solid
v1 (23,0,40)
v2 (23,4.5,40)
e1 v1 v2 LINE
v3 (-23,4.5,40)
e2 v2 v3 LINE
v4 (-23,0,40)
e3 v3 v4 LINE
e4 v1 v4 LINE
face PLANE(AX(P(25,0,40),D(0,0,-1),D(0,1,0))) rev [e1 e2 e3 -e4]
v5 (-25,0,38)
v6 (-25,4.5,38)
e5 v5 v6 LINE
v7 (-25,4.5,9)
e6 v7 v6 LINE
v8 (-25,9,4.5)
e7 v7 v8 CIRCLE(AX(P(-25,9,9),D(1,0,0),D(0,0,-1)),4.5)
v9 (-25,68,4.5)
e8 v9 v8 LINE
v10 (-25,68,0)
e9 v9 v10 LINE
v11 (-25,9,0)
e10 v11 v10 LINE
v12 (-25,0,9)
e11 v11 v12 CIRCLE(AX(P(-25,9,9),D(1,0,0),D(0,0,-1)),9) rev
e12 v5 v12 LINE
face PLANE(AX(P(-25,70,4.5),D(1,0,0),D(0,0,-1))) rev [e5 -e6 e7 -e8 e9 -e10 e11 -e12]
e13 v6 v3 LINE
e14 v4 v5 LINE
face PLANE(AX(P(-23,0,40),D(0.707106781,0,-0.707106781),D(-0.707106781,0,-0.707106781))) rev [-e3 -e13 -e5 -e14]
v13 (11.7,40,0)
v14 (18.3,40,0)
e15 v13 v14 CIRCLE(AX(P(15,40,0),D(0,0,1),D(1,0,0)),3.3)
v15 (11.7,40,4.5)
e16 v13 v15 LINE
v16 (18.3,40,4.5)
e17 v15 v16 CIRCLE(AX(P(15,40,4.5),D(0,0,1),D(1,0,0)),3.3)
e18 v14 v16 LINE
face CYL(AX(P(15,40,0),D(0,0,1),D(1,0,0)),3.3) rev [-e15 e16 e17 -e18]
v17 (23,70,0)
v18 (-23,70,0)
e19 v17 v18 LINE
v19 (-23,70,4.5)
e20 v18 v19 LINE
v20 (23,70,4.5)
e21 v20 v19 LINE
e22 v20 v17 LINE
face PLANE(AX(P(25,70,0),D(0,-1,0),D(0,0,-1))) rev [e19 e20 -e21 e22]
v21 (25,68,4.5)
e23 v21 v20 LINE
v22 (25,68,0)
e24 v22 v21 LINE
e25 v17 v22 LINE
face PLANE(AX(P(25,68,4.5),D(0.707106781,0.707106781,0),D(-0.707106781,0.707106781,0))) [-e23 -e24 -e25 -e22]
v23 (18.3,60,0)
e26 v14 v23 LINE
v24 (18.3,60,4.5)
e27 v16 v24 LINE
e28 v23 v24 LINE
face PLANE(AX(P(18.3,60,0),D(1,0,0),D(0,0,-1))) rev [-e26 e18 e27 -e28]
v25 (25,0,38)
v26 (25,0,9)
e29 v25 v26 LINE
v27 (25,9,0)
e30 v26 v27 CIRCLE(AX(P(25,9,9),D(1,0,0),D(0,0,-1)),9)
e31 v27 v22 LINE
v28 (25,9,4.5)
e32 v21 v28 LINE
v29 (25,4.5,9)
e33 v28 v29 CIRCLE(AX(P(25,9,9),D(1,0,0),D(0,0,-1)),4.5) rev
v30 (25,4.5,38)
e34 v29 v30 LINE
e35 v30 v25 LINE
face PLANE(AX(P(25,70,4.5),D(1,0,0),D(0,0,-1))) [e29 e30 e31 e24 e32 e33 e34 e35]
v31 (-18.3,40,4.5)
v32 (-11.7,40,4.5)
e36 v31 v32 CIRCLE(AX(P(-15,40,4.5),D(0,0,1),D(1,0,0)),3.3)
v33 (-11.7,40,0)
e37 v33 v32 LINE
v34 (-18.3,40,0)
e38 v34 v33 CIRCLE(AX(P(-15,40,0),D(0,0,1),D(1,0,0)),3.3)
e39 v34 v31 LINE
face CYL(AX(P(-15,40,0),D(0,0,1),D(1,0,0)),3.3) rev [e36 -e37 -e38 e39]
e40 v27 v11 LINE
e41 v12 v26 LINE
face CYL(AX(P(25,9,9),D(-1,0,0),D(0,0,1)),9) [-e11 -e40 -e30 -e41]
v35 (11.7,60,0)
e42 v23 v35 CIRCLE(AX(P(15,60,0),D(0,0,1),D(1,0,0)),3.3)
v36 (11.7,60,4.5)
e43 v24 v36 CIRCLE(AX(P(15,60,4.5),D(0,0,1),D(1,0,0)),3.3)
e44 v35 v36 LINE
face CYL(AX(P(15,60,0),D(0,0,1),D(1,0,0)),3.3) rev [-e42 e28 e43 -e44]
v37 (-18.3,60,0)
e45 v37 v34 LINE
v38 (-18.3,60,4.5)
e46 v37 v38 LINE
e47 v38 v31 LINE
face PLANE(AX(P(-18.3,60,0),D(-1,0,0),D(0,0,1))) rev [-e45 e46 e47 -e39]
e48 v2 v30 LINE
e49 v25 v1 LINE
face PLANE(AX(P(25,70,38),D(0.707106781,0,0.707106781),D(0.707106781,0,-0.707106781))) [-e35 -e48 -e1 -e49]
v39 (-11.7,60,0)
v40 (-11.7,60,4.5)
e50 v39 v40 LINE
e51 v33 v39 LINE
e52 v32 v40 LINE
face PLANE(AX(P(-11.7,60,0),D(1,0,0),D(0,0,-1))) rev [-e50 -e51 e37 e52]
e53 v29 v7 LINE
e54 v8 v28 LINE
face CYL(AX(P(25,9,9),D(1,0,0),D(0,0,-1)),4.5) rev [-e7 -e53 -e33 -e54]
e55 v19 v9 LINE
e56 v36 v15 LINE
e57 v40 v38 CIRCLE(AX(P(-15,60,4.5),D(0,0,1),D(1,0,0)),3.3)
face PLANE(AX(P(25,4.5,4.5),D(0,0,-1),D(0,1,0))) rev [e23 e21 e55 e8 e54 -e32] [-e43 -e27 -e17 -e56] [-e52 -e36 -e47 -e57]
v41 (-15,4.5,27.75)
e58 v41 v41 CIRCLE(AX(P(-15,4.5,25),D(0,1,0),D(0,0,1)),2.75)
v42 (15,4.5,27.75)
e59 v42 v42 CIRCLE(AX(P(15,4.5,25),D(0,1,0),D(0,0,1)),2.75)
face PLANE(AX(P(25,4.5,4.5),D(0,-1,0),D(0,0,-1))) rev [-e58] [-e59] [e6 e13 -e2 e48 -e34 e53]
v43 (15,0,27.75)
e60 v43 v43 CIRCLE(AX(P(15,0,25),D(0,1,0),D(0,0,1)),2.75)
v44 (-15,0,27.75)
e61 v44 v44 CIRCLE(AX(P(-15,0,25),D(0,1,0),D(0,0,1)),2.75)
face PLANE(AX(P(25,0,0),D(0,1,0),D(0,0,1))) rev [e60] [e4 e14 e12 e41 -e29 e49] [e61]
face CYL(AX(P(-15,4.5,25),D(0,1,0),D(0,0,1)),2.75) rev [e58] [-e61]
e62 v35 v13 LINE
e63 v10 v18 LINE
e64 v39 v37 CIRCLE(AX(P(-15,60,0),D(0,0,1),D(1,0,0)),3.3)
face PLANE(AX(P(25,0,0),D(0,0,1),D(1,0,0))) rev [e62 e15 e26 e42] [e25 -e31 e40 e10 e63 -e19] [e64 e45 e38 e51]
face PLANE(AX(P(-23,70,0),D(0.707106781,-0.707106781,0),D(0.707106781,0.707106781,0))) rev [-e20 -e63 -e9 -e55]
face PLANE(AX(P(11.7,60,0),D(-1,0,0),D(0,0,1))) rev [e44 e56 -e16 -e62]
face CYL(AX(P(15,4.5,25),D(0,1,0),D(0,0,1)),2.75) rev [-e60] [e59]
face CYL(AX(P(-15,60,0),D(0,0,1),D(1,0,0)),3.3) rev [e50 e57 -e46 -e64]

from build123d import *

# Parameters (mm, degrees)
BOSS_EXTRUDE1_DEPTH  = 25
FILLET1_R            = 4.5
FILLET2_R            = 9
M5_CLEARANCE_HOLE1_D = 5.5
CUT_EXTRUDE1_DEPTH   = 5.5
CHAMFER1_SIZE        = 2


with BuildPart() as part:
    # Sketch1 → Boss-Extrude1 (new body, symmetric)
    with BuildSketch(Plane(origin=(0, 0, 0), x_dir=(0, 0, -1), z_dir=(1, 0, 0))):
        Polygon((0, 0), (-40, 0), (-40, 4.5), (-4.5, 4.5), (-4.5, 70), (0, 70), align=None)
    extrude(amount=BOSS_EXTRUDE1_DEPTH, both=True)

    # Fillet1
    fillet1_edges = [part.edges().sort_by_distance(p)[0] for p in [
        (0, 4.5, 4.5),
    ]]
    fillet(fillet1_edges, radius=FILLET1_R)

    # Fillet2
    fillet2_edges = [part.edges().sort_by_distance(p)[0] for p in [
        (0, 0, 0),
    ]]
    fillet(fillet2_edges, radius=FILLET2_R)

    # M5 Clearance Hole1 (through all)
    with Locations(Plane(origin=(0, 4.5, 0), x_dir=(-1, 0, 0), z_dir=(0, 1, 0))):
        with Locations((15, 25), (-15, 25)):
            Hole(M5_CLEARANCE_HOLE1_D / 2)

    # Sketch4 → Cut-Extrude1 (cut, through all)
    with BuildSketch(Plane.XY.offset(4.5)):
        with BuildLine():
            Line((-11.7, 60), (-11.7, 40))
            ThreePointArc((-11.7, 40), (-15, 36.7), (-18.3, 40))
            Line((-18.3, 40), (-18.3, 60))
            ThreePointArc((-18.3, 60), (-15, 63.3), (-11.7, 60))
        make_face()
        with BuildLine():
            Line((18.3, 60), (18.3, 40))
            ThreePointArc((18.3, 40), (15, 36.7), (11.7, 40))
            Line((11.7, 40), (11.7, 60))
            ThreePointArc((11.7, 60), (15, 63.3), (18.3, 60))
        make_face()
    extrude(amount=-CUT_EXTRUDE1_DEPTH, mode=Mode.SUBTRACT)

    # Chamfer1
    chamfer1_edges = [part.edges().sort_by_distance(p)[0] for p in [
        (25, 2.25, 40),
        (25, 70, 2.25),
        (-25, 70, 2.25),
        (-25, 2.25, 40),
    ]]
    chamfer(chamfer1_edges, length=CHAMFER1_SIZE)


solid = part.part
